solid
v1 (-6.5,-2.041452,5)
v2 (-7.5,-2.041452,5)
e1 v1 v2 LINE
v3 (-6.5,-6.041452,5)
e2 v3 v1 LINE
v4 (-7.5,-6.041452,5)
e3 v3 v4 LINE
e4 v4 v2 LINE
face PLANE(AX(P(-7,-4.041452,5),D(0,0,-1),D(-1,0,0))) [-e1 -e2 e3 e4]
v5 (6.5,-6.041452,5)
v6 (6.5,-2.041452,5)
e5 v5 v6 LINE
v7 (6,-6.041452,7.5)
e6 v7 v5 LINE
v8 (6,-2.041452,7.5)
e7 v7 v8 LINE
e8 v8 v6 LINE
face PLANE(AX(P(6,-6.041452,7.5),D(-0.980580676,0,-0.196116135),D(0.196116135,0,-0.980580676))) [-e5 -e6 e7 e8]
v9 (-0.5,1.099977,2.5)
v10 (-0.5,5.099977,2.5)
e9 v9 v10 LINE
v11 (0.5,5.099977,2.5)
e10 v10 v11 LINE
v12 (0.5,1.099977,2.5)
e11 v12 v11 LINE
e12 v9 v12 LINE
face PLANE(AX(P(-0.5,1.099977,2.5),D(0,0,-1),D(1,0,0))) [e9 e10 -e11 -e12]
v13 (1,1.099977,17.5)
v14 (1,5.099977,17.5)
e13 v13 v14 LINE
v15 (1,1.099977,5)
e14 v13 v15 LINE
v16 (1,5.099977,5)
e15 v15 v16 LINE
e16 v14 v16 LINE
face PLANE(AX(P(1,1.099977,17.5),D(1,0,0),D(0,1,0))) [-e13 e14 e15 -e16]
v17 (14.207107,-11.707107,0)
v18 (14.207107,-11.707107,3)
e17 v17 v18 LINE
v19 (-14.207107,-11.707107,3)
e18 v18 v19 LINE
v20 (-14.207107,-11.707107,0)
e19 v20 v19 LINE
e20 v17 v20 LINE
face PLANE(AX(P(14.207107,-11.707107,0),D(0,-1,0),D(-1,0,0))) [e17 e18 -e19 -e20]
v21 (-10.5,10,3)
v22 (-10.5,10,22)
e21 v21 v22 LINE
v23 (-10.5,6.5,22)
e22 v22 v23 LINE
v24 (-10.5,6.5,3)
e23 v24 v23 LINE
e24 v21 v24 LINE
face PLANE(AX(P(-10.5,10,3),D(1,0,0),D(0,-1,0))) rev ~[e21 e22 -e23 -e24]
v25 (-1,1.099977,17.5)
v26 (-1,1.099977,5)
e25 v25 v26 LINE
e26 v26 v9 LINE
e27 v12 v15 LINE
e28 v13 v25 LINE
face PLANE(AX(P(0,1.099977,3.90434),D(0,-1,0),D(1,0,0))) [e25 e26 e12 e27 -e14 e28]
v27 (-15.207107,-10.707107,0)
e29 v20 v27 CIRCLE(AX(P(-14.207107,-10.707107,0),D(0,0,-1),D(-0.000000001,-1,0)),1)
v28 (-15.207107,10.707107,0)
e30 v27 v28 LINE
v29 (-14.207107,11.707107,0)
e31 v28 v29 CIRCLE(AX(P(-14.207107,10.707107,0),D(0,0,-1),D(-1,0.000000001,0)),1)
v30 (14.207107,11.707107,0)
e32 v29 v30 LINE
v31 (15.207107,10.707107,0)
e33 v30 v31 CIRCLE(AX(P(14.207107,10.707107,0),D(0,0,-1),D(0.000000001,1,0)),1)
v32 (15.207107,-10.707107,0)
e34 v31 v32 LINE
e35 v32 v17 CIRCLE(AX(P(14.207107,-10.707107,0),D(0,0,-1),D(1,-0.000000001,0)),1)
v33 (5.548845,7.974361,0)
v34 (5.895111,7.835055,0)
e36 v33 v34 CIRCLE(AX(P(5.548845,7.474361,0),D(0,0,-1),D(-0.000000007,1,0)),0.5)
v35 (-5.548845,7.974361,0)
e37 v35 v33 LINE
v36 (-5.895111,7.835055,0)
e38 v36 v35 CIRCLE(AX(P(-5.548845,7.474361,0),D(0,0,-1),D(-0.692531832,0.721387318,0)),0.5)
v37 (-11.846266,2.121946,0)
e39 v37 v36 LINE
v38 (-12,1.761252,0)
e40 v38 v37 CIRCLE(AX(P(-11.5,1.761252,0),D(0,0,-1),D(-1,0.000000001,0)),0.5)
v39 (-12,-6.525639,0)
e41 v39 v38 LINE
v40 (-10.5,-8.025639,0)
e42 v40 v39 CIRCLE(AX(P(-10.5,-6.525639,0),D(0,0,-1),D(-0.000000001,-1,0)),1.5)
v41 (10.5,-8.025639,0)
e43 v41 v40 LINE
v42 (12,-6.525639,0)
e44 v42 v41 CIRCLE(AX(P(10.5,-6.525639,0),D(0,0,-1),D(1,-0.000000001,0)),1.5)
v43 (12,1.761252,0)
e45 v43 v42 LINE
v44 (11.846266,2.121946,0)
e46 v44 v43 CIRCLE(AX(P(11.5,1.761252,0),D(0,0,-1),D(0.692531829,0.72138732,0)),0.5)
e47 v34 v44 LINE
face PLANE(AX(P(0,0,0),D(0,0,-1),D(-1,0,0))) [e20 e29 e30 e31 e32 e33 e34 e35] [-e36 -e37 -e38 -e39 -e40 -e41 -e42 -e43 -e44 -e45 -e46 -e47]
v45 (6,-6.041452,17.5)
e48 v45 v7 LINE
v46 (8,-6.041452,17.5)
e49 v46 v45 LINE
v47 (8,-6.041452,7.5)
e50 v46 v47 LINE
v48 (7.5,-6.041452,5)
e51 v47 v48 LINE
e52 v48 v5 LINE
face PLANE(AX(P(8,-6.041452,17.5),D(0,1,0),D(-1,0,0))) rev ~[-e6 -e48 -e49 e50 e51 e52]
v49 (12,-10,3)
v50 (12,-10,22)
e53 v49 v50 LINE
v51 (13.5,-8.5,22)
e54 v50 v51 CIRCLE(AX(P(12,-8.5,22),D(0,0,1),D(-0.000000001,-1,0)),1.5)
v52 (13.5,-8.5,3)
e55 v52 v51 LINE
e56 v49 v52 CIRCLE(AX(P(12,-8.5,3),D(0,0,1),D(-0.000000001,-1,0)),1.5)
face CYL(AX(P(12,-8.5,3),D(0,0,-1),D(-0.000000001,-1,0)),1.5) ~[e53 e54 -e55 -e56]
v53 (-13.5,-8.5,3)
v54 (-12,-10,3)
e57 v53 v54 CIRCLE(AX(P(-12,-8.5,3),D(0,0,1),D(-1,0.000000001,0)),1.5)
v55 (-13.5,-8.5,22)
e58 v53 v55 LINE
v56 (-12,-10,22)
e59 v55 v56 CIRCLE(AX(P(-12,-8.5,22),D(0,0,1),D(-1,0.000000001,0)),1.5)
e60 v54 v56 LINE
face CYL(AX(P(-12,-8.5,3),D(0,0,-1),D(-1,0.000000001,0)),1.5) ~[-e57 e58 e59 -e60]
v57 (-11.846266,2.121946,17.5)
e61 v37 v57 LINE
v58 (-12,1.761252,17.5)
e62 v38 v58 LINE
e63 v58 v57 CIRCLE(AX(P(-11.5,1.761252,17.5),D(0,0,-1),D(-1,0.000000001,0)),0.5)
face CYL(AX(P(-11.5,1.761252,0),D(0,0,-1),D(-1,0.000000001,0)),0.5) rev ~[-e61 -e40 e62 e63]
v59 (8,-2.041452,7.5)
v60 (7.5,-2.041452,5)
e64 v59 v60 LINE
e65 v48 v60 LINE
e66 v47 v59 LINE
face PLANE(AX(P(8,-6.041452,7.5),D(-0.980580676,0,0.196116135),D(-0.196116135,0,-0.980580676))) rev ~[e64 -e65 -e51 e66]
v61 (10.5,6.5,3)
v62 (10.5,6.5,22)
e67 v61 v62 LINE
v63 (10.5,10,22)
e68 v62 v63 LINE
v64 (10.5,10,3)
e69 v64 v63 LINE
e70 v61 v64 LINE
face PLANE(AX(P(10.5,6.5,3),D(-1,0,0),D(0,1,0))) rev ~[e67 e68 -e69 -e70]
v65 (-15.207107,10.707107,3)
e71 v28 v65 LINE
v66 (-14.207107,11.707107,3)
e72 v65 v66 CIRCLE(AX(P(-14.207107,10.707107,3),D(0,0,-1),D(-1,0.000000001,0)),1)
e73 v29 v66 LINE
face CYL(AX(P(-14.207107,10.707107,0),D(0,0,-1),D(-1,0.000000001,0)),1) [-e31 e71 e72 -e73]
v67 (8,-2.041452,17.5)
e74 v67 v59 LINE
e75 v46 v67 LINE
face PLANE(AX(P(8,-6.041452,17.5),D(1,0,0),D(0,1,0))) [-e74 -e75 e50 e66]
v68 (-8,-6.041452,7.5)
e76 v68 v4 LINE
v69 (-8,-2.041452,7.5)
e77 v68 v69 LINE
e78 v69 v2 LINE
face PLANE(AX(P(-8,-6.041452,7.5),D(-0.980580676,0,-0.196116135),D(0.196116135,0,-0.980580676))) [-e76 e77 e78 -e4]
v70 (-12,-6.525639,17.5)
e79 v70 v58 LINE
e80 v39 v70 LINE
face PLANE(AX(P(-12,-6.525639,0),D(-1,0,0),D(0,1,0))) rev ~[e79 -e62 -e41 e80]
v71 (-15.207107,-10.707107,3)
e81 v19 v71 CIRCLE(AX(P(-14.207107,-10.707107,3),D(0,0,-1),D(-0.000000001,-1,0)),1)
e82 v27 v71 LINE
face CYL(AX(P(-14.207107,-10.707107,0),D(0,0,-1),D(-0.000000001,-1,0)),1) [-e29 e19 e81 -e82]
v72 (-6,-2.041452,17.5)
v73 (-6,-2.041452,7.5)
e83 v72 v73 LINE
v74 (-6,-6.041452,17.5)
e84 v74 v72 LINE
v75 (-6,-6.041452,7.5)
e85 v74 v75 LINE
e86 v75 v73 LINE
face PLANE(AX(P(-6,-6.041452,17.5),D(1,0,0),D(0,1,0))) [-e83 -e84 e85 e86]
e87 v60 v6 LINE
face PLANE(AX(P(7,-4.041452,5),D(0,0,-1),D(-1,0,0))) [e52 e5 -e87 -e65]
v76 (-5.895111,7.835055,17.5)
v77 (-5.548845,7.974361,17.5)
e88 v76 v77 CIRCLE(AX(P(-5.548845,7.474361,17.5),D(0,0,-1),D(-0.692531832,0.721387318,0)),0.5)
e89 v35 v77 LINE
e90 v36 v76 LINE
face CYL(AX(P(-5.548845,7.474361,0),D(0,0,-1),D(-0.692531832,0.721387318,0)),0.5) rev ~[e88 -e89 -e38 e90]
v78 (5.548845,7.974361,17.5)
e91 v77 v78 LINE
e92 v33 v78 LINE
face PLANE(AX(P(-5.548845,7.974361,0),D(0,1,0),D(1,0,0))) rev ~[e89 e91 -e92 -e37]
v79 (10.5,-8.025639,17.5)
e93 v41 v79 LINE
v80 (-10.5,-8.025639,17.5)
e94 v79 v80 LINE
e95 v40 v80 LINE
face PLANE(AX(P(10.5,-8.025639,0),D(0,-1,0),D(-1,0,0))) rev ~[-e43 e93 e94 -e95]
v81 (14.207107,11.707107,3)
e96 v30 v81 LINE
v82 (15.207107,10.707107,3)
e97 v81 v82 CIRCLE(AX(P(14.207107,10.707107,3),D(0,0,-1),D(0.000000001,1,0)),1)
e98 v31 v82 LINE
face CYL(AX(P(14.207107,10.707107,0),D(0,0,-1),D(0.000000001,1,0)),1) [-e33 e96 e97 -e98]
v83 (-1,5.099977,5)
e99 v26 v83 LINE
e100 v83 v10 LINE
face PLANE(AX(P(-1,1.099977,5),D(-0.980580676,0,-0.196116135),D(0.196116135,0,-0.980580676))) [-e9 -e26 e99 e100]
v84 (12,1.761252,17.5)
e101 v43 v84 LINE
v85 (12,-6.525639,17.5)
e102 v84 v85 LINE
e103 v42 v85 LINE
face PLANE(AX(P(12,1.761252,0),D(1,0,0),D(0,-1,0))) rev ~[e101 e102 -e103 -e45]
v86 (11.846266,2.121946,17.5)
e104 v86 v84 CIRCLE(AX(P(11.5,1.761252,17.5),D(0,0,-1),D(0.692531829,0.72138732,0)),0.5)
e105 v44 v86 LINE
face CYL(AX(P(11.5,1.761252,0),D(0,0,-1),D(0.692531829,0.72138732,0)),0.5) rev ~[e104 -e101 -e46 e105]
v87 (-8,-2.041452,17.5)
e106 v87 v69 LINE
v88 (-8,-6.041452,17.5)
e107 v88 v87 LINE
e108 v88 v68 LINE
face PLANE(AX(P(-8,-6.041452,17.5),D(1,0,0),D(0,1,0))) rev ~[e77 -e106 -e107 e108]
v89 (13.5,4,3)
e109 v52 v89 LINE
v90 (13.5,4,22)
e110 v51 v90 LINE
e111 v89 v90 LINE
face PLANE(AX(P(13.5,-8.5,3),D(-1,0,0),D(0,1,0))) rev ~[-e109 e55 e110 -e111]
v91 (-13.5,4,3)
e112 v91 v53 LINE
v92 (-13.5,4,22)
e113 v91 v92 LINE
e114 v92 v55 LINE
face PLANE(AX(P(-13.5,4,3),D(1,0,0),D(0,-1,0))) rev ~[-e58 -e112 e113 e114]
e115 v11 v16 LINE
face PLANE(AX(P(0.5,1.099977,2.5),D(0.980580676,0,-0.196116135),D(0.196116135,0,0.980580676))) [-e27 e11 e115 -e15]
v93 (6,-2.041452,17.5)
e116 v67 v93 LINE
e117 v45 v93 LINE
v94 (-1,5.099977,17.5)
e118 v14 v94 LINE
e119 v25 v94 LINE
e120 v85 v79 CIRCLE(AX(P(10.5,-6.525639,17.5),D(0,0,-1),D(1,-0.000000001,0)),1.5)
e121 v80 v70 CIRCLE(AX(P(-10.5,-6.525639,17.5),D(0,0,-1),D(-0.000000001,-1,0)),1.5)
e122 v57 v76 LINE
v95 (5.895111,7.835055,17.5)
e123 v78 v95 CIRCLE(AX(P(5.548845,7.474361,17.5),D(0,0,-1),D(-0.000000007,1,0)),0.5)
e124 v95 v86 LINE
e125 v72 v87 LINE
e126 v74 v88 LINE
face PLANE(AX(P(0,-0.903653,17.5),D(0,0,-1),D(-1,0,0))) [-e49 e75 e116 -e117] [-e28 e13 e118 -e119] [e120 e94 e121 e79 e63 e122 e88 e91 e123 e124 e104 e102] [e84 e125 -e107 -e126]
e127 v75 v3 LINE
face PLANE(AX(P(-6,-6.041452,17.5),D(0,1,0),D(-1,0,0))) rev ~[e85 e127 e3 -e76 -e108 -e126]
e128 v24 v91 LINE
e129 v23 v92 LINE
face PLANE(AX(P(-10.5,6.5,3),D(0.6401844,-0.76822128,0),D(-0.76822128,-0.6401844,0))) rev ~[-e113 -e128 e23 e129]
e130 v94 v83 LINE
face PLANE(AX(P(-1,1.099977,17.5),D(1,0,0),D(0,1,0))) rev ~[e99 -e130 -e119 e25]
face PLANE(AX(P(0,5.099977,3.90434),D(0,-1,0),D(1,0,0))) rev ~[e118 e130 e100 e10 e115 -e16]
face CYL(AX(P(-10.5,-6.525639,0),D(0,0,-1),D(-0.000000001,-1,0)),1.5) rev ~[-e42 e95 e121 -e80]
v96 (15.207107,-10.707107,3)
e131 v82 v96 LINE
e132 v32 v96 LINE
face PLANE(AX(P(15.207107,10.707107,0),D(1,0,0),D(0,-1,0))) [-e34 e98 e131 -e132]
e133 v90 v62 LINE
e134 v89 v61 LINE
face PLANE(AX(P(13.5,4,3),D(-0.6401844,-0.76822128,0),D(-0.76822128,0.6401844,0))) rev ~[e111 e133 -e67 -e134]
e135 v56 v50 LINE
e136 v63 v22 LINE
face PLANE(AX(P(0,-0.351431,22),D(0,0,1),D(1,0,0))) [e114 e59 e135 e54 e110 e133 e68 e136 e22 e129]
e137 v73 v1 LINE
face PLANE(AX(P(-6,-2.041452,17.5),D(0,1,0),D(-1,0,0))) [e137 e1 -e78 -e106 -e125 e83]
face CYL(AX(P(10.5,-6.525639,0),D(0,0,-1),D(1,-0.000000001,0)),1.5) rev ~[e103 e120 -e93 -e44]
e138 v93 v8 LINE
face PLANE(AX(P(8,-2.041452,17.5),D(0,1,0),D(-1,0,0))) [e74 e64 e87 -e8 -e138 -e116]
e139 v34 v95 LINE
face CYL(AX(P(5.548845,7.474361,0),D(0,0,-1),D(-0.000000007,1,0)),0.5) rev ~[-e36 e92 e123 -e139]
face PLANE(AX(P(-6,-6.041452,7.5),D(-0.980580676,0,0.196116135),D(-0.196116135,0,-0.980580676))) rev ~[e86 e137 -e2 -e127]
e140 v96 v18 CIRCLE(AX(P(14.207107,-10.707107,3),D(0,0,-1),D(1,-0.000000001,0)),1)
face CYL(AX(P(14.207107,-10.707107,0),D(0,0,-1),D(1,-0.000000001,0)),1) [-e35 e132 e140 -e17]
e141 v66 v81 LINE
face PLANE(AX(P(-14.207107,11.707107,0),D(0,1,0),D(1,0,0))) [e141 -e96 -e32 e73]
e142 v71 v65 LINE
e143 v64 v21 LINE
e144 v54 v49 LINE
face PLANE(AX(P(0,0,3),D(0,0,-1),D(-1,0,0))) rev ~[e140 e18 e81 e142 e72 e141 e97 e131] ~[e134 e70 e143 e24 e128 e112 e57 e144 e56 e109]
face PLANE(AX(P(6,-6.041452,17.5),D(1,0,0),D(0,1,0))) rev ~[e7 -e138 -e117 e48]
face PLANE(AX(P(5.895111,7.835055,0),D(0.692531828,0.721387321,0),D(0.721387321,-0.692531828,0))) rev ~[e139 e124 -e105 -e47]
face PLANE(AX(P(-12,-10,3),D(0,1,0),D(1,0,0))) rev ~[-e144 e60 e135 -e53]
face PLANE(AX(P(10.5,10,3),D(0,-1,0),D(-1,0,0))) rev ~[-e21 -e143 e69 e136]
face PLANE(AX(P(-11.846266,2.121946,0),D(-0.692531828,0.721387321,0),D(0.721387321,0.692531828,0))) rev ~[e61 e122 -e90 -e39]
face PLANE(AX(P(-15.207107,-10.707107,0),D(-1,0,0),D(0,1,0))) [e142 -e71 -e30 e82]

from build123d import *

# Parameters (mm, degrees)
EXTRUDE_1_DEPTH     = 3
EXTRUDE_2_DEPTH     = 19
CUT_EXTRUDE_1_DEPTH = 17.5
SKETCH_4_W          = 2
SKETCH_4_H          = 4
EXTRUDE_3_DEPTH     = 12.5
EXTRUDE_4_DEPTH     = 4
CUT_EXTRUDE_2_DEPTH = 4


with BuildPart() as part:
    # 草图1 → 凸台-拉伸1 (new body)
    with BuildSketch(Plane.XY):
        with BuildLine():
            Line((-14.207106781, 11.707106781), (14.207106781, 11.707106781))
            ThreePointArc((14.207106781, 11.707106781), (14.914213562, 11.414213562), (15.207106781, 10.707106781))
            Line((15.207106781, 10.707106781), (15.207106781, -10.707106781))
            ThreePointArc((15.207106781, -10.707106781), (14.914213562, -11.414213562), (14.207106781, -11.707106781))
            Line((14.207106781, -11.707106781), (-14.207106781, -11.707106781))
            ThreePointArc((-14.207106781, -11.707106781), (-14.914213562, -11.414213562), (-15.207106781, -10.707106781))
            Line((-15.207106781, -10.707106781), (-15.207106781, 10.707106781))
            ThreePointArc((-15.207106781, 10.707106781), (-14.914213562, 11.414213562), (-14.207106781, 11.707106781))
        make_face()
    extrude(amount=EXTRUDE_1_DEPTH)

    # 草图2 → 凸台-拉伸2 (add)
    with BuildSketch(Plane.XY.offset(3)):
        with BuildLine():
            Line((-10.5, 10), (-10.5, 6.5))
            Line((-10.5, 6.5), (-13.5, 4))
            Line((-13.5, 4), (-13.5, -8.5))
            ThreePointArc((-13.5, -8.5), (-13.060660172, -9.560660172), (-12, -10))
            Line((-12, -10), (12, -10))
            ThreePointArc((12, -10), (13.060660172, -9.560660172), (13.5, -8.5))
            Line((13.5, -8.5), (13.5, 4))
            Line((13.5, 4), (10.5, 6.5))
            Line((10.5, 6.5), (10.5, 10))
            Line((10.5, 10), (-10.5, 10))
        make_face()
    extrude(amount=EXTRUDE_2_DEPTH)

    # 草图3 → 切除-拉伸1 (cut)
    with BuildSketch(Plane(origin=(0, 0, 0), x_dir=(-1, 0, 0), z_dir=(0, 0, -1))):
        with BuildLine():
            Line((12, -6.525638569), (12, 1.761252493))
            ThreePointArc((12, 1.761252493), (11.959963562, 1.957297186), (11.846265914, 2.121946154))
            Line((11.846265914, 2.121946154), (5.89511077, 7.835055092))
            ThreePointArc((5.89511077, 7.835055092), (5.735463679, 7.938229317), (5.548844856, 7.974361431))
            Line((5.548844856, 7.974361431), (-5.548844856, 7.974361431))
            ThreePointArc((-5.548844856, 7.974361431), (-5.735463679, 7.938229317), (-5.89511077, 7.835055092))
            Line((-5.89511077, 7.835055092), (-11.846265914, 2.121946154))
            ThreePointArc((-11.846265914, 2.121946154), (-11.959963562, 1.957297186), (-12, 1.761252493))
            Line((-12, 1.761252493), (-12, -6.525638569))
            ThreePointArc((-12, -6.525638569), (-11.560660172, -7.58629874), (-10.5, -8.025638569))
            Line((-10.5, -8.025638569), (10.5, -8.025638569))
            ThreePointArc((10.5, -8.025638569), (11.560660172, -7.58629874), (12, -6.525638569))
        make_face()
    extrude(amount=-CUT_EXTRUDE_1_DEPTH, mode=Mode.SUBTRACT)

    # 草图4 → 凸台-拉伸3 (add)
    with BuildSketch(Plane(origin=(0, 0, 17.5), x_dir=(-1, 0, 0), z_dir=(0, 0, -1))):
        with Locations((-7, -4.041451884)):
            Rectangle(SKETCH_4_W, SKETCH_4_H)
        with Locations((0, 3.099976544)):
            Rectangle(SKETCH_4_W, SKETCH_4_H)
        with Locations((7, -4.041451884)):
            Rectangle(SKETCH_4_W, SKETCH_4_H)
    extrude(amount=EXTRUDE_3_DEPTH)

    # 草图5 → 凸台-拉伸4 (add)
    with BuildSketch(Plane.XZ.offset(-1.099976544)):
        Polygon((1, 5), (-1, 5), (-0.5, 2.5), (0.5, 2.5), align=None)
    extrude(amount=-EXTRUDE_4_DEPTH)

    # 草图6 → 切除-拉伸2 (cut)
    with BuildSketch(Plane.XZ.offset(6.041451884)):
        Polygon((8, 5), (8, 7.5), (7.5, 5), align=None)
        Polygon((6.5, 5), (6, 5), (6, 7.5), align=None)
        Polygon((-6, 5), (-6, 7.5), (-6.5, 5), align=None)
        Polygon((-7.5, 5), (-8, 5), (-8, 7.5), align=None)
    extrude(amount=-CUT_EXTRUDE_2_DEPTH, mode=Mode.SUBTRACT)


solid = part.part
